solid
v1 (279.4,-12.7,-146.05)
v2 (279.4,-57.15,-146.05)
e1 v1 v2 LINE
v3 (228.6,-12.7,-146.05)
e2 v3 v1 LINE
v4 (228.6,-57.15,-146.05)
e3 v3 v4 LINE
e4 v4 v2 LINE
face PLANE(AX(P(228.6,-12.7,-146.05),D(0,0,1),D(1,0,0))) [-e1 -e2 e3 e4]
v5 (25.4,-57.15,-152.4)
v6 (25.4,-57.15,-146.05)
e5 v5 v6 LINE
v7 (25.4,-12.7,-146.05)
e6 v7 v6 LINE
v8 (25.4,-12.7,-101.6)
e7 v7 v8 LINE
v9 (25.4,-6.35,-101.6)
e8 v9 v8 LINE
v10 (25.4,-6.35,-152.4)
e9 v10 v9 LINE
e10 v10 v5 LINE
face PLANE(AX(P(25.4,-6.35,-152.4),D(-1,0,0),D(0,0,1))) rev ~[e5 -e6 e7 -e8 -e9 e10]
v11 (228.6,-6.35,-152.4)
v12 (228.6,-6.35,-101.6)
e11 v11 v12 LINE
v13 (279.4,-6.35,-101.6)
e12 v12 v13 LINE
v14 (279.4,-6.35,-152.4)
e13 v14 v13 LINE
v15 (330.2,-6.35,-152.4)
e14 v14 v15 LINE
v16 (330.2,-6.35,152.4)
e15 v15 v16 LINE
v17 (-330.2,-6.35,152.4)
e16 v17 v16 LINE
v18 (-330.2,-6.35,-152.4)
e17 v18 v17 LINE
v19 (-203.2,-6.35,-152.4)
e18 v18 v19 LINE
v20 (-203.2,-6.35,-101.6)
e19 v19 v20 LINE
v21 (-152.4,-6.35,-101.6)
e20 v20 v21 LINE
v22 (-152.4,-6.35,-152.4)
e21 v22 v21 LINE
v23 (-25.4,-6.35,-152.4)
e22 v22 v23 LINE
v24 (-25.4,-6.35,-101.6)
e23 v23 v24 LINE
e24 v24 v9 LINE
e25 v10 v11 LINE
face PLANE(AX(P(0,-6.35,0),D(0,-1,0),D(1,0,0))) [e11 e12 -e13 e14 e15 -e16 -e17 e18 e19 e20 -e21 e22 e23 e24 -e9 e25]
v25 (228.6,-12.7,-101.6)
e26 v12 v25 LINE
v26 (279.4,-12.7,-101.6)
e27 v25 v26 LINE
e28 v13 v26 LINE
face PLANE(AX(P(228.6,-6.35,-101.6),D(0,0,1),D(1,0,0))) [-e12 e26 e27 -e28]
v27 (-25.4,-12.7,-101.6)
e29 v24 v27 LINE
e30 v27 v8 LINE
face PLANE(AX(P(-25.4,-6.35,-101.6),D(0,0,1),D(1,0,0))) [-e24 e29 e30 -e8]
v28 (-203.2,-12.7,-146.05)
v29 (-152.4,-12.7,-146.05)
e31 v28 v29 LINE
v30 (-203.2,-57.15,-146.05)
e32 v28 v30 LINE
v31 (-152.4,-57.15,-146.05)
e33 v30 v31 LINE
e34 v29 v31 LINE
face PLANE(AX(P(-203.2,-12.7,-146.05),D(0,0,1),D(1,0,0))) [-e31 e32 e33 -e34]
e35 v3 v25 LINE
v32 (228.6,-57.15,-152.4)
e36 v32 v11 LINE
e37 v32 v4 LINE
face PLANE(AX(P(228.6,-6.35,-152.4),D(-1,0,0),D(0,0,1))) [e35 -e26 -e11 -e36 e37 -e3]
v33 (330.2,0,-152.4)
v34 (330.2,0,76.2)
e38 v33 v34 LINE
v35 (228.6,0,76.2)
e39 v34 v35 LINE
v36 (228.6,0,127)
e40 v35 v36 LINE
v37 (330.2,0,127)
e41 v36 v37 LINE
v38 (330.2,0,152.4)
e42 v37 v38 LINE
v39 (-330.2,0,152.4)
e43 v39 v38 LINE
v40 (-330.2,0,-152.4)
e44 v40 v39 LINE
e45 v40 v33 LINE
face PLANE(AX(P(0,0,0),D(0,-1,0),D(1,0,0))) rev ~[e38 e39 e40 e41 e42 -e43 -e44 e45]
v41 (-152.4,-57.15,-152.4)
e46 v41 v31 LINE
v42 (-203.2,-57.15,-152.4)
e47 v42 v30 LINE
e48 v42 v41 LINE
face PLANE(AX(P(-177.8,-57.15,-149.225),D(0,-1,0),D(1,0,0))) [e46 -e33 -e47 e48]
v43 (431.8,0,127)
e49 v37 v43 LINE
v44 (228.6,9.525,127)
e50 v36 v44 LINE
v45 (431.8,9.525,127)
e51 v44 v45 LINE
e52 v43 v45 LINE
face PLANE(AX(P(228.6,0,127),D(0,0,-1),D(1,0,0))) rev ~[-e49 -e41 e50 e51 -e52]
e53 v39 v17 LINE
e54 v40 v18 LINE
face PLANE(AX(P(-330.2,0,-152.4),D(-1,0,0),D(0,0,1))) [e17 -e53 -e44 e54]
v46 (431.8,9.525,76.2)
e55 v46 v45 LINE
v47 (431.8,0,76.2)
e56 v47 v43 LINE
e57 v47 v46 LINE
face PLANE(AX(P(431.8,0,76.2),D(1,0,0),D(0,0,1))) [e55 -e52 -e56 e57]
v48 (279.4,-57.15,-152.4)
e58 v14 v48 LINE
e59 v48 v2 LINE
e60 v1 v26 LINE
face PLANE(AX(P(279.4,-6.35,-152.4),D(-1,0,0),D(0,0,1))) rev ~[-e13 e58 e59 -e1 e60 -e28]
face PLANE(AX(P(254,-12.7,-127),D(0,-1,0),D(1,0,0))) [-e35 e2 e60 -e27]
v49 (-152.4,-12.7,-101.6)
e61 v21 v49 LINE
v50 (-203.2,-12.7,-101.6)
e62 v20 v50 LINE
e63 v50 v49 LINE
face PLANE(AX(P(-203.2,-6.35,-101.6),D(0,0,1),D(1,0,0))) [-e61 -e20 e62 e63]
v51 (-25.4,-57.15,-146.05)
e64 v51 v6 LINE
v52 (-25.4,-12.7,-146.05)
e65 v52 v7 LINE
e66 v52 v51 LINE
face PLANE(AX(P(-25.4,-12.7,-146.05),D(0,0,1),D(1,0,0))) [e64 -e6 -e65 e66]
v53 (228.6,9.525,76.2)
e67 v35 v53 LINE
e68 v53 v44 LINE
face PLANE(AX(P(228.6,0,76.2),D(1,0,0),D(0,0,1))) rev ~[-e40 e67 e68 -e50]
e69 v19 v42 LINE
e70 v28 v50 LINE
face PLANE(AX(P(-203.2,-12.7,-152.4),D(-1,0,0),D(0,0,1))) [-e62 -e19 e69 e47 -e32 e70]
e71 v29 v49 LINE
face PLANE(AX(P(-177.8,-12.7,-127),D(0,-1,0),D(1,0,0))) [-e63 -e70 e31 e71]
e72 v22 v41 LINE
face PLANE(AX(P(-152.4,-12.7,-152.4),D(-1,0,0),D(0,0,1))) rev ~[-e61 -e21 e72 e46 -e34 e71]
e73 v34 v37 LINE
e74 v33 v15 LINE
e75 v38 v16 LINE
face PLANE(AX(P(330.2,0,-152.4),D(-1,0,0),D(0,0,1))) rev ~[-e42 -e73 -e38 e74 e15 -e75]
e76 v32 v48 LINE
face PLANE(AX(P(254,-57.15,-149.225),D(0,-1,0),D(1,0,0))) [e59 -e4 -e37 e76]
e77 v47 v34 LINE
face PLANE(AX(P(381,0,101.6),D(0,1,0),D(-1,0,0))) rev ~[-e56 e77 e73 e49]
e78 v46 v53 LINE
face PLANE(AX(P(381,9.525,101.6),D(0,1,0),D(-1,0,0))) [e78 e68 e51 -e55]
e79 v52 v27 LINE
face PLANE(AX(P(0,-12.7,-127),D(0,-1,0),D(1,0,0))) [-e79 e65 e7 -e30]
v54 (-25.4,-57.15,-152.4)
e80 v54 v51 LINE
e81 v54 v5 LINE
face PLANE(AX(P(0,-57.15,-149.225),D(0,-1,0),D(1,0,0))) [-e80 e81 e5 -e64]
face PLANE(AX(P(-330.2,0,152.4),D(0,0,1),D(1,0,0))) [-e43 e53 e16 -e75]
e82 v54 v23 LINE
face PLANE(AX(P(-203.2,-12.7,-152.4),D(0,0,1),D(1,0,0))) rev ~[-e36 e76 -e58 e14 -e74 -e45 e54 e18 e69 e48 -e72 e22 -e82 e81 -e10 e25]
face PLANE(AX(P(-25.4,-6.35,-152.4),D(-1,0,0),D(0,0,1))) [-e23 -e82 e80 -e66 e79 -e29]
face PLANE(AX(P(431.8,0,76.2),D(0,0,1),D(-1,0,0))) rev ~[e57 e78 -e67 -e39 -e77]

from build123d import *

# Parameters (mm, degrees)
F0_W     = 660.4
F0_H     = 304.8
F1_DEPTH = 6.35
F2_W     = 50.8
F2_H     = 50.8
F3_DEPTH = 6.35
F4_W     = 50.8
F4_H     = 6.35
F5_W     = 50.8
F5_H     = 6.35
F6_W     = 50.8
F6_H     = 6.35
F7_DEPTH = 44.45
F8_W     = 101.6
F8_H     = 50.8
F9_DEPTH = 9.525


with BuildPart() as f1:
    # F0 (on Front) → F1 (new body)
    with BuildSketch(Plane.XZ):
        Rectangle(F0_W, F0_H)
    extrude(amount=F1_DEPTH)

    # F2 (on face) → F3 (join)
    with BuildSketch(Plane.XZ.offset(6.35)):
        with Locations((254, -127)):
            Rectangle(F2_W, F2_H)
        with Locations((0, -127)):
            Rectangle(F2_W, F2_H)
        with Locations((-177.8, -127)):
            Rectangle(F2_W, F2_H)
    extrude(amount=F3_DEPTH)

    # F4 (on face) + F5 (on face) + F6 (on face) → F7 (join)
    with BuildSketch(Plane.XZ.offset(12.7)):
        with Locations((-177.8, -149.225)):
            Rectangle(F4_W, F4_H)
    with BuildSketch(Plane.XZ.offset(12.7)):
        with Locations((0, -149.225)):
            Rectangle(F5_W, F5_H)
    with BuildSketch(Plane.XZ.offset(12.7)):
        with Locations((254, -149.225)):
            Rectangle(F6_W, F6_H)
    extrude(amount=F7_DEPTH)

    # F8 (on face) → F9 (join)
    with BuildSketch(Plane(origin=(0, 0, 0), x_dir=(-1, 0, 0), z_dir=(0, 1, 0))):
        with Locations((-381, 101.6)):
            Rectangle(F8_W, F8_H)
        with Locations((-279.4, 101.6)):
            Rectangle(F8_W, F8_H)
    extrude(amount=F9_DEPTH)


solid = f1.part
